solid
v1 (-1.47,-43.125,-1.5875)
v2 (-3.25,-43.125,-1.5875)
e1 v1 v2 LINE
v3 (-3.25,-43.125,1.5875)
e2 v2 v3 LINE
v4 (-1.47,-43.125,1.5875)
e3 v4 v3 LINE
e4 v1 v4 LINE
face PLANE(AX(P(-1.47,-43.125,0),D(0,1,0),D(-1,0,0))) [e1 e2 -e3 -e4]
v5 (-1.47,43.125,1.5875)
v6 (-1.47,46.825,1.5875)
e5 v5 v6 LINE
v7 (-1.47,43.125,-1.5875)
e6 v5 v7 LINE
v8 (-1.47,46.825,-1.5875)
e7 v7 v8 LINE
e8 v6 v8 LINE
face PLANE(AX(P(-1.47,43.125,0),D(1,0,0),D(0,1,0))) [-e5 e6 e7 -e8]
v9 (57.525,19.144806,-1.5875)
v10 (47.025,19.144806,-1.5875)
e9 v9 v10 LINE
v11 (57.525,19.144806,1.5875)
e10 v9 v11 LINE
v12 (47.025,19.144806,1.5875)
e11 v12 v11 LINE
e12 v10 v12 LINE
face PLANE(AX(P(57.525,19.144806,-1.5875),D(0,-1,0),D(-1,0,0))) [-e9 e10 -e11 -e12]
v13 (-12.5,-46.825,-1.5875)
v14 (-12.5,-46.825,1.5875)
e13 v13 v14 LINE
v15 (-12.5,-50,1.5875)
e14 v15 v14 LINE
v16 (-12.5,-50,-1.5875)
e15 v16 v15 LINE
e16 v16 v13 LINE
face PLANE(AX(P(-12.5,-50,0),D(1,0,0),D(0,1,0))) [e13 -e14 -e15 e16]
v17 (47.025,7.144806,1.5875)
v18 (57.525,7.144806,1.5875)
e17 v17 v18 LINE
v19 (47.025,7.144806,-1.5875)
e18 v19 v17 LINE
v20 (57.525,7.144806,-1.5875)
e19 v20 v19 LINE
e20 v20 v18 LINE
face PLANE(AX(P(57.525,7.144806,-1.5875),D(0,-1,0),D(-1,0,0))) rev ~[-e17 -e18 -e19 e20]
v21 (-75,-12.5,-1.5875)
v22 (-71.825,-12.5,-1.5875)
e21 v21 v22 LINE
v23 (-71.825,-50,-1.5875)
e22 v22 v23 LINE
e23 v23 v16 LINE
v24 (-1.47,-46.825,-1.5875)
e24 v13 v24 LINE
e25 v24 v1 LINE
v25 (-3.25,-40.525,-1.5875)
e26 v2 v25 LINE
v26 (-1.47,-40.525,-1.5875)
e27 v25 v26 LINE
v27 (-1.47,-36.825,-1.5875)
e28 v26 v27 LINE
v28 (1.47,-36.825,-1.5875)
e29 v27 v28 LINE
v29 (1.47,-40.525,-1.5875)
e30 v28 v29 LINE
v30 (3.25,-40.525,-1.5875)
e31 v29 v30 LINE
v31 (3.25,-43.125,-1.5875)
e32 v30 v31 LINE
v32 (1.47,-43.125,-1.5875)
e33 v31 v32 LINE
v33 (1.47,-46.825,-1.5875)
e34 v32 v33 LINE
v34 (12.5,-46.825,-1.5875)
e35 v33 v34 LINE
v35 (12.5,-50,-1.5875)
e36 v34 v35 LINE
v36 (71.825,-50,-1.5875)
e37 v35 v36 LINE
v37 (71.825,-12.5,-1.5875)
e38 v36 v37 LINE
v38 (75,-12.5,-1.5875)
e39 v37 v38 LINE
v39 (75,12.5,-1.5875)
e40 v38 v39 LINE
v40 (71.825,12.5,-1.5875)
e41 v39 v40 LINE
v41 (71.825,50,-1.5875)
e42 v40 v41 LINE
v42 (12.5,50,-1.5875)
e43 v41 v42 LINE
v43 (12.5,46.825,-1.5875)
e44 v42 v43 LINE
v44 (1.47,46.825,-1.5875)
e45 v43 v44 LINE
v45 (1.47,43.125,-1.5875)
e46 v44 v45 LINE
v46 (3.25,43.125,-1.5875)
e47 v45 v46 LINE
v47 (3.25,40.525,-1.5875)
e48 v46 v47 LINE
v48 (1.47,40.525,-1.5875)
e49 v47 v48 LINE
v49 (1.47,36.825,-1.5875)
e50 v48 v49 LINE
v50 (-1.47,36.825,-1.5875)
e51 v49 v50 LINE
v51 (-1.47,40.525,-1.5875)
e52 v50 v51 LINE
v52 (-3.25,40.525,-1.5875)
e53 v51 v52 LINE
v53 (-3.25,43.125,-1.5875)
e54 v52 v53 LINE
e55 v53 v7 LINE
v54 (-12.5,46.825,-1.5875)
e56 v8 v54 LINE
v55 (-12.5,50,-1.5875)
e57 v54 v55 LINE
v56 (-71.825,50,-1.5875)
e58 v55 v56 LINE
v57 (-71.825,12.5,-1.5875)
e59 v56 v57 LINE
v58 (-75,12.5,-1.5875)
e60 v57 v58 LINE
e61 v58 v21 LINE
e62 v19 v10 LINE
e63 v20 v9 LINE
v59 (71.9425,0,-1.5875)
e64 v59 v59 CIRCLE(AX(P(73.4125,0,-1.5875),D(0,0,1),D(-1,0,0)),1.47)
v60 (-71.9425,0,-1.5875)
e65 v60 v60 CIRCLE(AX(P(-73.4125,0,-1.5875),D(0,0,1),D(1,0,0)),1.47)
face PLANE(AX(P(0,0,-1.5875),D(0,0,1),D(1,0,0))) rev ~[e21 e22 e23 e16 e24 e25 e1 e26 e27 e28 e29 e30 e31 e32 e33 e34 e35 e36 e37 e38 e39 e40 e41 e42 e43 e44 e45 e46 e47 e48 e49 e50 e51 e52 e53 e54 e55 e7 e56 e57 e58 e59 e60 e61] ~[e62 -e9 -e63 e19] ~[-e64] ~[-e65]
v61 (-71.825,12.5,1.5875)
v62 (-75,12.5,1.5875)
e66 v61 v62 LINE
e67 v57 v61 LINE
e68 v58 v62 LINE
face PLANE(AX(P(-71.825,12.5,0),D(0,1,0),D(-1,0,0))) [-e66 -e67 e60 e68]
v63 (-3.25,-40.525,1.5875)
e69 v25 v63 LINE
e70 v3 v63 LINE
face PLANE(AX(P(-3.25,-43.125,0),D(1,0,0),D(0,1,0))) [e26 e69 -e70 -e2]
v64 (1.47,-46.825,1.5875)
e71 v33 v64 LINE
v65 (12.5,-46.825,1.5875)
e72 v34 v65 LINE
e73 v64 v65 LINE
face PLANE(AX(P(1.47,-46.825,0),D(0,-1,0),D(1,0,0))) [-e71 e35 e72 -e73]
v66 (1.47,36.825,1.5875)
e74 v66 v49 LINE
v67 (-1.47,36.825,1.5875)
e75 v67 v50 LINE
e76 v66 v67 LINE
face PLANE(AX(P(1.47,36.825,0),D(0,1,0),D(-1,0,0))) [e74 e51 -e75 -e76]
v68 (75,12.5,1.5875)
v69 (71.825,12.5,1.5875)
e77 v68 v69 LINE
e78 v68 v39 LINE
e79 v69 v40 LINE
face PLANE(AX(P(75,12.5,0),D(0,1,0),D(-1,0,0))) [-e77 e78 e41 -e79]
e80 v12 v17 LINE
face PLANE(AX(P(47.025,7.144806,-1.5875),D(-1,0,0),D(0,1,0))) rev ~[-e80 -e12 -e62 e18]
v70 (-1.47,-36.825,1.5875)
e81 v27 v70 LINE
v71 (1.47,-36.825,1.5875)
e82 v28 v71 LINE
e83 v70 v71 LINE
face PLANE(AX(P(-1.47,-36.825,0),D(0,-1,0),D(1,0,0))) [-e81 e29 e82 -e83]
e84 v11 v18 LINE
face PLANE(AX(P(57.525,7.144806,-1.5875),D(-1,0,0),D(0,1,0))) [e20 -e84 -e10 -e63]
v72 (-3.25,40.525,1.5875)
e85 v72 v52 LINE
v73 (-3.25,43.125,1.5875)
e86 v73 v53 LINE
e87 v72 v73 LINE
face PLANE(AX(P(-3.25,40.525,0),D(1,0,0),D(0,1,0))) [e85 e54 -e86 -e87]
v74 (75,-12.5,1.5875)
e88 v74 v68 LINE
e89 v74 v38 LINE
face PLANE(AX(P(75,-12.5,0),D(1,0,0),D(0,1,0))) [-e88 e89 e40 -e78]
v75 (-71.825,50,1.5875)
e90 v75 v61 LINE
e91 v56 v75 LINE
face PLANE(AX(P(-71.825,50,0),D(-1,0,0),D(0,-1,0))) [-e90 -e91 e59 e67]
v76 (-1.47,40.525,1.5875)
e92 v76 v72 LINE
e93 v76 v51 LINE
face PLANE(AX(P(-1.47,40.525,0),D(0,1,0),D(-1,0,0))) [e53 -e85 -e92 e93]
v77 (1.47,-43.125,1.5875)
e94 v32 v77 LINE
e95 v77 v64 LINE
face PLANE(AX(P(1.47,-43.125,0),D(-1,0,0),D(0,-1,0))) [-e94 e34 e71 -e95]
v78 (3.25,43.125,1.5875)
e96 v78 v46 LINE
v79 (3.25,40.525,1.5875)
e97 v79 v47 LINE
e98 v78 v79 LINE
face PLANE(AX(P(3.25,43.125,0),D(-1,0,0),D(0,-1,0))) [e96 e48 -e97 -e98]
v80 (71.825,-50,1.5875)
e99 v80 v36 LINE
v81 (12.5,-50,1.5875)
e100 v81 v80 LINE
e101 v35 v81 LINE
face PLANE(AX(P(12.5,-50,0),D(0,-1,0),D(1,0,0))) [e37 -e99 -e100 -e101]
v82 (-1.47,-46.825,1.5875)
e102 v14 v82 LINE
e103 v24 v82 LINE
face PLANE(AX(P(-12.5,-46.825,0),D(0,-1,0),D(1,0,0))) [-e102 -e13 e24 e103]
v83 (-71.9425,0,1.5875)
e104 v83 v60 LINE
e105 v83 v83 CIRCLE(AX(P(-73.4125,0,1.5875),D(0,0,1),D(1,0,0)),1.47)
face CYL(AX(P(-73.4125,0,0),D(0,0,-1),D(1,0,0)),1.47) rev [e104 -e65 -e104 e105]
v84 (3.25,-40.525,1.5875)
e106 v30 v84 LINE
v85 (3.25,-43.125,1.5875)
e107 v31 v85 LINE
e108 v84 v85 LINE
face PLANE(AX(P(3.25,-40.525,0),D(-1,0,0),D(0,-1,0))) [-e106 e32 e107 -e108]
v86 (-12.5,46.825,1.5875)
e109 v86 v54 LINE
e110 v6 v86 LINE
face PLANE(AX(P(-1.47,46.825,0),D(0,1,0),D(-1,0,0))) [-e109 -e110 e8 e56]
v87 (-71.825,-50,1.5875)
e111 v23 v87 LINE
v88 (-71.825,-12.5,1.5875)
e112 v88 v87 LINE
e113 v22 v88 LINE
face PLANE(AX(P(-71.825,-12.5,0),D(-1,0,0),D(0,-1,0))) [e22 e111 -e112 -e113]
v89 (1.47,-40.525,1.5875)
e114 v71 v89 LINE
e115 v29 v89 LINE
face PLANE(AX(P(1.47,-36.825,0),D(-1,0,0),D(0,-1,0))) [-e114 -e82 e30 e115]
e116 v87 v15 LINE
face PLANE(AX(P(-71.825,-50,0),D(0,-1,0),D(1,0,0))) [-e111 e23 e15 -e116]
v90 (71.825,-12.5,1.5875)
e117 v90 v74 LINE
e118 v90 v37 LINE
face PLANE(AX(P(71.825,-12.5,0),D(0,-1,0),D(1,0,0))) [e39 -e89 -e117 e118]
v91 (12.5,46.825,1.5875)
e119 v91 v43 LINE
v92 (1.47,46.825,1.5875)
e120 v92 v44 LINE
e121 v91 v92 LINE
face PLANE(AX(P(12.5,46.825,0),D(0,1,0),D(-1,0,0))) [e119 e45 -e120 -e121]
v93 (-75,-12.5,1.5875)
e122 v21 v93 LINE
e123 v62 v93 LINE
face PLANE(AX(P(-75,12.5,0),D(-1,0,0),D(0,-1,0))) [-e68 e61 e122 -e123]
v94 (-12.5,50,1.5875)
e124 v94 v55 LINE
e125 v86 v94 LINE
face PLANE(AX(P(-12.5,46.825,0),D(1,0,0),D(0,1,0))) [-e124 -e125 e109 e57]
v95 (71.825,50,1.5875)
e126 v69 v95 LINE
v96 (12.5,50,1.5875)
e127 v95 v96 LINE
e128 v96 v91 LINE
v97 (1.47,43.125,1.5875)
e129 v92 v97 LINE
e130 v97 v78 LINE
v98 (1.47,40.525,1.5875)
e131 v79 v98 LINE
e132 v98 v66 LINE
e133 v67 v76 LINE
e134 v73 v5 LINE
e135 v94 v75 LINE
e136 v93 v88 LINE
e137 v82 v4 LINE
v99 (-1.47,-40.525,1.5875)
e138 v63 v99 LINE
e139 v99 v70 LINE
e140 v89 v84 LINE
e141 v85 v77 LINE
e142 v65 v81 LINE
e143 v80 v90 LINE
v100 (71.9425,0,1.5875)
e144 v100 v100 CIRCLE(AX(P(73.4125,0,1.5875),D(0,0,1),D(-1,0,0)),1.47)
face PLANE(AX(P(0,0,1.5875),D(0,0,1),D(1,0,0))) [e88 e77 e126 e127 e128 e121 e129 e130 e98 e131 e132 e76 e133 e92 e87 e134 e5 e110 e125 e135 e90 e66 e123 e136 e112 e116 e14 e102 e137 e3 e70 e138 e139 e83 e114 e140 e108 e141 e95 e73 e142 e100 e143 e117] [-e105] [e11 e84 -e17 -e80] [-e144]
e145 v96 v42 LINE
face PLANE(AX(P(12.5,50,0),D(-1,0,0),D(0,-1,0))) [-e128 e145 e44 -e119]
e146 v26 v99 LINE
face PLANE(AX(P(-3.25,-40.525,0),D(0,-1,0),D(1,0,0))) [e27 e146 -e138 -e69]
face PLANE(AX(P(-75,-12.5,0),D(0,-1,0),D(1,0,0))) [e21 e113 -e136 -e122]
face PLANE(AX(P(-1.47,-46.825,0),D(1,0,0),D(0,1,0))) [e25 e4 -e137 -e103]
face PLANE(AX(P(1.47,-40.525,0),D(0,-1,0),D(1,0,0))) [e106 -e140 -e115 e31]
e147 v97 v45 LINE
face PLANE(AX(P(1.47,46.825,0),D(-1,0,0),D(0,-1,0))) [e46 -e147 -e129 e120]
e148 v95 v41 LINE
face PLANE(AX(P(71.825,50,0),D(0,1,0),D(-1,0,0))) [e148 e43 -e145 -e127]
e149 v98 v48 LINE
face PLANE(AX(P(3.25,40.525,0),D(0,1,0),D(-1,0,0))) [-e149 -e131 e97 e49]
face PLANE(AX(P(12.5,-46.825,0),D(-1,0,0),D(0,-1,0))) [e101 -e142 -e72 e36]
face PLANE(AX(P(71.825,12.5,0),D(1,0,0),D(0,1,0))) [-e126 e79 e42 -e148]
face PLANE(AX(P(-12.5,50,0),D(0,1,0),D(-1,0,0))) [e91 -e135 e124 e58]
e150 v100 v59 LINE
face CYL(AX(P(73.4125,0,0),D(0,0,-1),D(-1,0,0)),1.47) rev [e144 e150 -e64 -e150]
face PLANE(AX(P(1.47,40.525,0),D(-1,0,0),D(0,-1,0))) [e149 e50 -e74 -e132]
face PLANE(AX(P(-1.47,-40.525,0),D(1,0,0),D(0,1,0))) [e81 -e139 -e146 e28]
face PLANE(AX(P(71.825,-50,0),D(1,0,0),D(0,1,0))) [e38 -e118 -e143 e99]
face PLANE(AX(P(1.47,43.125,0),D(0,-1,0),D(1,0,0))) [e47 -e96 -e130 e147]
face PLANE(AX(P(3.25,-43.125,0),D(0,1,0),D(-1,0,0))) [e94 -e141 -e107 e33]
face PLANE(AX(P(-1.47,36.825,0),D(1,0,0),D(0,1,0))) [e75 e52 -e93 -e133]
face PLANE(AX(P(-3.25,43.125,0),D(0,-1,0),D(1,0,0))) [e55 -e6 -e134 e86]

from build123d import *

# Parameters (mm, degrees)
SKETCH1_R           = 1.47
BOSS_EXTRUDE1_DEPTH = 1.5875
SKETCH3_W           = 10.5
SKETCH3_H           = 12
CUT_EXTRUDE1_DEPTH  = 91.1946818


with BuildPart() as part:
    # Sketch1 → Boss-Extrude1 (new, symmetric)
    with BuildSketch(Plane.XY):
        Polygon((-12.5, 50), (-71.825, 50), (-71.825, 12.5), (-75, 12.5), (-75, -12.5), (-71.825, -12.5), (-71.825, -50), (-12.5, -50), (-12.5, -46.825), (-1.47, -46.825), (-1.47, -43.125), (-3.25, -43.125), (-3.25, -40.525), (-1.47, -40.525), (-1.47, -36.825), (1.47, -36.825), (1.47, -40.525), (3.25, -40.525), (3.25, -43.125), (1.47, -43.125), (1.47, -46.825), (12.5, -46.825), (12.5, -50), (71.825, -50), (71.825, -12.5), (75, -12.5), (75, 12.5), (71.825, 12.5), (71.825, 50), (12.5, 50), (12.5, 46.825), (1.47, 46.825), (1.47, 43.125), (3.25, 43.125), (3.25, 40.525), (1.47, 40.525), (1.47, 36.825), (-1.47, 36.825), (-1.47, 40.525), (-3.25, 40.525), (-3.25, 43.125), (-1.47, 43.125), (-1.47, 46.825), (-12.5, 46.825), align=None)
        with Locations((-73.4125, 0)):
            Circle(SKETCH1_R, mode=Mode.SUBTRACT)
        with Locations(Location((73.4125, 0, 0), (0, 0, 180))):
            Circle(SKETCH1_R, mode=Mode.SUBTRACT)
    extrude(amount=BOSS_EXTRUDE1_DEPTH, both=True)

    # Sketch3 → Cut-Extrude1 (cut, through all)
    with BuildSketch(Plane(origin=(0, 0, -1.5875), x_dir=(-1, 0, 0), z_dir=(0, 0, -1))):
        with Locations((-52.275, 13.144805742)):
            Rectangle(SKETCH3_W, SKETCH3_H)
    extrude(amount=-CUT_EXTRUDE1_DEPTH, mode=Mode.SUBTRACT)


solid = part.part
